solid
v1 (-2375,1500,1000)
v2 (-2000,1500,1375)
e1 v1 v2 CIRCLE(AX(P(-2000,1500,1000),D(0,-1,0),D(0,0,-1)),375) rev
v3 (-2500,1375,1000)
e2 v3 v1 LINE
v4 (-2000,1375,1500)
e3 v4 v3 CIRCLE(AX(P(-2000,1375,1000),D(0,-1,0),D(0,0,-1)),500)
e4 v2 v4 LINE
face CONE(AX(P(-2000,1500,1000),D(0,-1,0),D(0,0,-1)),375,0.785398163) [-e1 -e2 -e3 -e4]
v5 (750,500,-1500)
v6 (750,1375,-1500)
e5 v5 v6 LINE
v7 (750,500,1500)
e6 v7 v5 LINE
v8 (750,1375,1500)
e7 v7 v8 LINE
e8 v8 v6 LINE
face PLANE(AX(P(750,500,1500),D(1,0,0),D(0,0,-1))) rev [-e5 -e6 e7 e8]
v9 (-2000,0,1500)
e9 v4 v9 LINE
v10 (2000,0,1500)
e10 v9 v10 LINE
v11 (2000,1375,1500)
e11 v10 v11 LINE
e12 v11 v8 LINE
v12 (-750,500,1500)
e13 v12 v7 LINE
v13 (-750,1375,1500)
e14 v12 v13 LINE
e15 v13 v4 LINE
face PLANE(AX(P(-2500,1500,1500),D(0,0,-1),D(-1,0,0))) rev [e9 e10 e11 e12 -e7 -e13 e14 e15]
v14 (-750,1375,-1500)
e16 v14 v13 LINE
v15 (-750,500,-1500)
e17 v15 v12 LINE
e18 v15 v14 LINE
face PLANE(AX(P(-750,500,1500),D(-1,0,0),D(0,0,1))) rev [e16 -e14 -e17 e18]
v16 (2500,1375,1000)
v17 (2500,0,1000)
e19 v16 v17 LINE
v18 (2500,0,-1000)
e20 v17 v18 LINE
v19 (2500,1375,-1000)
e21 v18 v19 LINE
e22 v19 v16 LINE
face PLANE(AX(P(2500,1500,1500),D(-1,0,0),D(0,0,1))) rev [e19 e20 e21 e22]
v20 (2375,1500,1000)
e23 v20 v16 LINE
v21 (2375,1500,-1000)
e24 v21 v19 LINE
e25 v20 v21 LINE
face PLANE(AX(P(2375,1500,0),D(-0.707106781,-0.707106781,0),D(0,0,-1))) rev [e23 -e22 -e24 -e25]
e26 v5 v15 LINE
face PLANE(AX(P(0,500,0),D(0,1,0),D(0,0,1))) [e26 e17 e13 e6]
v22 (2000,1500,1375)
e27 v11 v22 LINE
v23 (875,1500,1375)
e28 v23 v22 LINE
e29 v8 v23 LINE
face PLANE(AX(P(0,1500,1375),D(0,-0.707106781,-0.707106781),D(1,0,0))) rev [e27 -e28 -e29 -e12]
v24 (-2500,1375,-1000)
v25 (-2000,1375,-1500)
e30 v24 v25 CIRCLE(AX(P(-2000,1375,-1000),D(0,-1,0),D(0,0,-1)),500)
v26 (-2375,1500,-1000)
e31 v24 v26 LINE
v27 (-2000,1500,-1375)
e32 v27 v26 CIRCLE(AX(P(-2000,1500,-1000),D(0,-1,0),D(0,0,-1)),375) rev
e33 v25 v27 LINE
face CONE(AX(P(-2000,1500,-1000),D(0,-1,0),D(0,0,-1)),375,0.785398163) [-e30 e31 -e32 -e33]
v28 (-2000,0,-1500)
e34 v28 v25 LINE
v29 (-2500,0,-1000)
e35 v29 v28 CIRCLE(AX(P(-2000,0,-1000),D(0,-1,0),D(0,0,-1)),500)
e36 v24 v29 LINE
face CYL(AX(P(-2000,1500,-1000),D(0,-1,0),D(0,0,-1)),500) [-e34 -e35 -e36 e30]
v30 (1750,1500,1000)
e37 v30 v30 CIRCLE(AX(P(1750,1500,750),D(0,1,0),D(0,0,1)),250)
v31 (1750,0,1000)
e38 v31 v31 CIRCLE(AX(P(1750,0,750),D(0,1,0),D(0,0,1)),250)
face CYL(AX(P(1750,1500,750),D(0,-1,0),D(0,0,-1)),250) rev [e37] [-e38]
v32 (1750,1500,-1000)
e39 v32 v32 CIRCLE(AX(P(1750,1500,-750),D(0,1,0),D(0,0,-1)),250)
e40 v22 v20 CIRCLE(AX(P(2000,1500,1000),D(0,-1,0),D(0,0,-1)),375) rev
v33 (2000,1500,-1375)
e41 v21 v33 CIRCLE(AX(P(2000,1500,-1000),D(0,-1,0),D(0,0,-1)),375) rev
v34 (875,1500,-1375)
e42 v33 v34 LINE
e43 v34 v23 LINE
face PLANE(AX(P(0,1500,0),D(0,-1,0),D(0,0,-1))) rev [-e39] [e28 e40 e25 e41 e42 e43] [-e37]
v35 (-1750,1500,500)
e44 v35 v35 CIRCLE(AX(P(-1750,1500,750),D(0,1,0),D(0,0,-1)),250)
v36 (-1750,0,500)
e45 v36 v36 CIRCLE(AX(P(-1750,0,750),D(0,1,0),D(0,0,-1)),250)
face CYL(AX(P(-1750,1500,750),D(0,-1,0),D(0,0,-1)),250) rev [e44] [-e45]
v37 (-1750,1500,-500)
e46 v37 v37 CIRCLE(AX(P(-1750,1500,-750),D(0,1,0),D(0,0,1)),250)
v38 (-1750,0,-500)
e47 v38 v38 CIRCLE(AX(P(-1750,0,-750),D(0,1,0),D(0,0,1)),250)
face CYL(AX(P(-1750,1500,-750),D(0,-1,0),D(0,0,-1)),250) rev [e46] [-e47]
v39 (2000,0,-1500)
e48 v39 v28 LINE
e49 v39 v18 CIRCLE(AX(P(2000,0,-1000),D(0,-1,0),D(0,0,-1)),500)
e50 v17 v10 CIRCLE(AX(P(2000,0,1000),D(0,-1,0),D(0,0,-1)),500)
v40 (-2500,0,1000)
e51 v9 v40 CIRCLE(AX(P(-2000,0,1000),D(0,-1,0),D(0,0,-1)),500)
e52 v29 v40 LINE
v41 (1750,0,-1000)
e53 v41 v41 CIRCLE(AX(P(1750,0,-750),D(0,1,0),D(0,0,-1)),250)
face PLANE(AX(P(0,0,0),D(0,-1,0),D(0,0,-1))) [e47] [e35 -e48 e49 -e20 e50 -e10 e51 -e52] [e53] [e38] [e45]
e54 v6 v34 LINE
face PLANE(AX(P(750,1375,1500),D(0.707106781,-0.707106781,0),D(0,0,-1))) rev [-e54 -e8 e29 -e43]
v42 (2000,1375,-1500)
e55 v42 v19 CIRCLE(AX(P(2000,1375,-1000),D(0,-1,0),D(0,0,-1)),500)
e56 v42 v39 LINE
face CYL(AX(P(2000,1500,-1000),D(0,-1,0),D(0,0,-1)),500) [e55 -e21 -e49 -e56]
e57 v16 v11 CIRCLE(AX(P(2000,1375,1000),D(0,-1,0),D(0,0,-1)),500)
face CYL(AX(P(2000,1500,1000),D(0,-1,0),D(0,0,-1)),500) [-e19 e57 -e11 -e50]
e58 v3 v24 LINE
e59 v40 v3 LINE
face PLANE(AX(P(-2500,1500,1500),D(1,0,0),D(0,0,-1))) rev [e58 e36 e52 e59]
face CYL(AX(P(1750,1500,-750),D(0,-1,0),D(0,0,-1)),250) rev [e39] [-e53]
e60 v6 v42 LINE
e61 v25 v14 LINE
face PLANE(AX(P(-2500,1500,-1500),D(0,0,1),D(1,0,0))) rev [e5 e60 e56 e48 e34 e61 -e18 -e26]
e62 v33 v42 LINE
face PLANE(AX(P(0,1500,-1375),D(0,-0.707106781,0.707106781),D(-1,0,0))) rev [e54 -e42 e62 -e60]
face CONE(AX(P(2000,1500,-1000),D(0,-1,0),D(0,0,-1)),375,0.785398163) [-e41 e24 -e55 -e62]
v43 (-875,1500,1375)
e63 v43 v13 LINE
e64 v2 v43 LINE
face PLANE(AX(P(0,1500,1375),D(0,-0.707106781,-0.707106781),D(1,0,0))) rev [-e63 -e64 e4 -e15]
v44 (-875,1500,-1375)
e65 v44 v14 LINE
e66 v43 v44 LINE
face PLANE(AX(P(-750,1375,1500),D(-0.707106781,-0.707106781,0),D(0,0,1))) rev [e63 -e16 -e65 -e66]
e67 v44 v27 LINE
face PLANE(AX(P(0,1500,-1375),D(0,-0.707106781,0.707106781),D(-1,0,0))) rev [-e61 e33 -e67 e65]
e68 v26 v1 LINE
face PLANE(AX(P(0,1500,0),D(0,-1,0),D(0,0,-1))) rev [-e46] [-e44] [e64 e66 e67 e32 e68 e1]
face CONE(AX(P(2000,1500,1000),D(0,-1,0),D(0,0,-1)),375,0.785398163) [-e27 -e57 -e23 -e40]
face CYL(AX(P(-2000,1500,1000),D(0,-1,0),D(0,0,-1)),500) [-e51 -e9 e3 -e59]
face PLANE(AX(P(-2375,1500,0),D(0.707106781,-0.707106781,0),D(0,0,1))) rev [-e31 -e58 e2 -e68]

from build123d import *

# Parameters (mm, degrees)
SKETCH1_W           = 5000
SKETCH1_H           = 3000
SKETCH1_R           = 250
BOSS_EXTRUDE1_DEPTH = 1500
SKETCH2_W           = 1500
SKETCH2_H           = 3000
CUT_EXTRUDE1_DEPTH  = 1000
FILLET1_R           = 500
CHAMFER1_SIZE       = 125


with BuildPart() as part:
    # Sketch1 → Boss-Extrude1 (new body)
    with BuildSketch(Plane(origin=(0, 0, 0), x_dir=(1, 0, 0), z_dir=(0, 1, 0))):
        Rectangle(SKETCH1_W, SKETCH1_H)
        with Locations(Location((-1750, 750, 0), (0, 0, 270))):
            Circle(SKETCH1_R, mode=Mode.SUBTRACT)
        with Locations(Location((1750, 750, 0), (0, 0, 90))):
            Circle(SKETCH1_R, mode=Mode.SUBTRACT)
        with Locations(Location((1750, -750, 0), (0, 0, 270))):
            Circle(SKETCH1_R, mode=Mode.SUBTRACT)
        with Locations(Location((-1750, -750, 0), (0, 0, 90))):
            Circle(SKETCH1_R, mode=Mode.SUBTRACT)
    extrude(amount=BOSS_EXTRUDE1_DEPTH)

    # Sketch2 → Cut-Extrude1 (cut)
    with BuildSketch(Plane(origin=(0, 1500, 0), x_dir=(1, 0, 0), z_dir=(0, 1, 0))):
        Rectangle(SKETCH2_W, SKETCH2_H)
    extrude(amount=-CUT_EXTRUDE1_DEPTH, mode=Mode.SUBTRACT)

    # Fillet1
    fillet1_edges = [part.edges().sort_by_distance(p)[0] for p in [
        (2500, 750, 1500),
        (-2500, 750, 1500),
        (-2500, 750, -1500),
        (2500, 750, -1500),
    ]]
    fillet(fillet1_edges, radius=FILLET1_R)

    # Chamfer1
    chamfer1_edges = [part.edges().sort_by_distance(p)[0] for p in [
        (1375, 1500, 1500),
        (-1375, 1500, -1500),
        (-750, 1500, 0),
        (750, 1500, 0),
        (-2500, 1500, 0),
        (1375, 1500, -1500),
        (-1375, 1500, 1500),
        (-2353.553390593, 1500, 1353.553390593),
        (-2353.553390593, 1500, -1353.553390593),
        (2500, 1500, 0),
        (2353.553390593, 1500, 1353.553390593),
        (2353.553390593, 1500, -1353.553390593),
    ]]
    chamfer(chamfer1_edges, length=CHAMFER1_SIZE)


solid = part.part
